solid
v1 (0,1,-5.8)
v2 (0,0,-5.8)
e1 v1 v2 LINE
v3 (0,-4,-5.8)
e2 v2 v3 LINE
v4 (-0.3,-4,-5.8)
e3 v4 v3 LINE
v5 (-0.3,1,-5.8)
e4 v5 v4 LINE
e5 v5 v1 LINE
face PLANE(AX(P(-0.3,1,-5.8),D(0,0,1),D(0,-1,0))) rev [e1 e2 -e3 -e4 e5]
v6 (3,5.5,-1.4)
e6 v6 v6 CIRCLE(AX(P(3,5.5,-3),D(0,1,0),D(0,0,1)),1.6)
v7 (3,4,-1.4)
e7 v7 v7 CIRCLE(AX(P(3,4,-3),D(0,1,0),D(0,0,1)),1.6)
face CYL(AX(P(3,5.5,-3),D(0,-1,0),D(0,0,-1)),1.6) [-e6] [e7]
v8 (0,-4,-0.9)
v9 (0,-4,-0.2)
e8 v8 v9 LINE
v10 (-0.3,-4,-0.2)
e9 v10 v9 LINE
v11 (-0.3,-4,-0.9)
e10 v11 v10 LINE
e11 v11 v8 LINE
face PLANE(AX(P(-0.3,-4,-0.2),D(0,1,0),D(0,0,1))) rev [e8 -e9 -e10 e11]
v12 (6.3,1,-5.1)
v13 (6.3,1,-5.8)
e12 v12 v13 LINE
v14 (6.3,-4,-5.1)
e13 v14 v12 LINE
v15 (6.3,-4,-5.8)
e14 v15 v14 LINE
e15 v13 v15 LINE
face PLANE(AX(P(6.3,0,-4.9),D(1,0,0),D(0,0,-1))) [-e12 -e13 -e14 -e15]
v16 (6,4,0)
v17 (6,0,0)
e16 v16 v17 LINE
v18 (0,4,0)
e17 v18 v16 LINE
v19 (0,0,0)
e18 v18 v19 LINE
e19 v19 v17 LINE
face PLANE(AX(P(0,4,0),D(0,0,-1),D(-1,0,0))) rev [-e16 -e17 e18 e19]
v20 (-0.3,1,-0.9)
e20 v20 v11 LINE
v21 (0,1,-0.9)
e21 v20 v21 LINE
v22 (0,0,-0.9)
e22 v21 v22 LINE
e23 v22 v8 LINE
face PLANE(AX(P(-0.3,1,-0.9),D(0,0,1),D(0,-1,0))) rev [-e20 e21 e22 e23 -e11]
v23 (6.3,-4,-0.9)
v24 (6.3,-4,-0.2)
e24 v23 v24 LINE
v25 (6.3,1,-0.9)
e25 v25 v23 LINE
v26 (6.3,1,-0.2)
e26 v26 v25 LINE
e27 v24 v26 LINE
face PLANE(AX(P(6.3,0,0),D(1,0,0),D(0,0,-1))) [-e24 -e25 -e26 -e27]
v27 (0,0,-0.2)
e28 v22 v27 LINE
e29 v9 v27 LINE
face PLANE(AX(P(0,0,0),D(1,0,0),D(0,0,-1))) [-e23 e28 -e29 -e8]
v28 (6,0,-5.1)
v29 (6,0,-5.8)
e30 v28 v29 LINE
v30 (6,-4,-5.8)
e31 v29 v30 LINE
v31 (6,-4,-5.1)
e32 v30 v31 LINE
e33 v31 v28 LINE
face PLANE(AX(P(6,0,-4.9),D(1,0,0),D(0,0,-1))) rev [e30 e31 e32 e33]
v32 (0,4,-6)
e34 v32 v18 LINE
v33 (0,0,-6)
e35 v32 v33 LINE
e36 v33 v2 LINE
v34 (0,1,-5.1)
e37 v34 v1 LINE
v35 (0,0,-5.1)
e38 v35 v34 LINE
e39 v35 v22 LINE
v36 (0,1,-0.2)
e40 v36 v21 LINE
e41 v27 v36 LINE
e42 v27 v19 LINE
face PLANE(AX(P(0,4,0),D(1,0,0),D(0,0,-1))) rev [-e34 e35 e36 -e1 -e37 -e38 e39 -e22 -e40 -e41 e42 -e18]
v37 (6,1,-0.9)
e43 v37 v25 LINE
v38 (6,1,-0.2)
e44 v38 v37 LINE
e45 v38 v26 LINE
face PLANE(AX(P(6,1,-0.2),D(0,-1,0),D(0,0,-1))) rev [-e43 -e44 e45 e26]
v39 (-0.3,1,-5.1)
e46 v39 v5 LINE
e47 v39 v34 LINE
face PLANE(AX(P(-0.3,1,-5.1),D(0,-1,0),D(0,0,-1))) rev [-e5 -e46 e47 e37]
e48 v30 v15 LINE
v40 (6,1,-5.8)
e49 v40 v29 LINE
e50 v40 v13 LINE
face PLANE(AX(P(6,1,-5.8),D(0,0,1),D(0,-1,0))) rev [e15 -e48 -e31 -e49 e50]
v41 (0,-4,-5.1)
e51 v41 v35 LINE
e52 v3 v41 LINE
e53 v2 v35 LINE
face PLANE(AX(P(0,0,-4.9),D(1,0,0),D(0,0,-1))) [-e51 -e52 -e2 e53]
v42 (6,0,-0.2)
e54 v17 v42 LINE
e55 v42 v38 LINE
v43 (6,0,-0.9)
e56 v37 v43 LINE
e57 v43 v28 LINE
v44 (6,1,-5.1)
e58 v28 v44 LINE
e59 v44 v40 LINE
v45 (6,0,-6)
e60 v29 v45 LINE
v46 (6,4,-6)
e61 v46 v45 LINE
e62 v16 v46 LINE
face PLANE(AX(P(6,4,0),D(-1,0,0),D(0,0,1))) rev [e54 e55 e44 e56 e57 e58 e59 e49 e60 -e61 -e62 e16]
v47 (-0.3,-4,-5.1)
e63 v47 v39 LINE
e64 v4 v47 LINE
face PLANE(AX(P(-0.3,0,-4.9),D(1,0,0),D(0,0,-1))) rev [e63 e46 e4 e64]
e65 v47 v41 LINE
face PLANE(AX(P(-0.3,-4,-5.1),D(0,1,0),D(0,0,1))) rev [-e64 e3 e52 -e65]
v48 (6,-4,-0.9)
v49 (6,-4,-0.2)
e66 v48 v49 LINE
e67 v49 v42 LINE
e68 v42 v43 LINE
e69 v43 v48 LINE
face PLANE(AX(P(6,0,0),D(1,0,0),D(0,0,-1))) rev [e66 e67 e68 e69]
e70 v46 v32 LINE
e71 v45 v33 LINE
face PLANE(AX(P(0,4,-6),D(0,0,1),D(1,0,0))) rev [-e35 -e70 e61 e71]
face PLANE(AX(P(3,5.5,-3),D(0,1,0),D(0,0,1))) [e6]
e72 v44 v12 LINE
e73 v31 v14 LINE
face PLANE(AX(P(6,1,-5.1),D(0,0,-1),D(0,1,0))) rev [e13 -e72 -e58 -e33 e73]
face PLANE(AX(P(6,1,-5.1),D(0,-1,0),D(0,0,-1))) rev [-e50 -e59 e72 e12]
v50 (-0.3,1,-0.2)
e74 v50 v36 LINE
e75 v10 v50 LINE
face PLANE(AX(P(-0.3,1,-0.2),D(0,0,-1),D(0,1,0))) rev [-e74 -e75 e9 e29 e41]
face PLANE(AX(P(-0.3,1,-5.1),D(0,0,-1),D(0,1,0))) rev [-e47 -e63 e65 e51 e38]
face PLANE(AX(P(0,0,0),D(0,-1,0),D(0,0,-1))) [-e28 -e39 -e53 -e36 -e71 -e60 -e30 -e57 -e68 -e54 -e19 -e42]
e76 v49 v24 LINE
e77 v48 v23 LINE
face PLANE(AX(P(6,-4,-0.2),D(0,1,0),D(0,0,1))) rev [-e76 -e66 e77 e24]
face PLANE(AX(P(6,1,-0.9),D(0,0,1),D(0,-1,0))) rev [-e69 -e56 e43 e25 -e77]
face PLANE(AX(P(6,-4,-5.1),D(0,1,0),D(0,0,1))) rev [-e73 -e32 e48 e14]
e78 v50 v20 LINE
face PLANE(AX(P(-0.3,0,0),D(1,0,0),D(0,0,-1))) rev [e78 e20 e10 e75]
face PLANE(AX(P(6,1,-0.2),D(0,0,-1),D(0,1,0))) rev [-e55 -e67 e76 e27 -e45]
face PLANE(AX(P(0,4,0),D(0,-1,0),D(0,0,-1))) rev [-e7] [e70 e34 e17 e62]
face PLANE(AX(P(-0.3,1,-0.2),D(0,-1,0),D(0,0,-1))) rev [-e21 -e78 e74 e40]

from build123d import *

# Parameters (mm, degrees)
SKETCH1_W                 = 6
SKETCH1_H                 = 6
BOSS_EXTRUDE1_DEPTH       = 4
SKETCH2_R                 = 1.6
BOSS_EXTRUDE2_DEPTH       = 1.5
SKETCH3_W                 = 0.7
SKETCH3_H                 = 5
BOSS_EXTRUDE3_DEPTH       = 0.3
LPATTERN2_COUNT           = 2
LPATTERN2_PITCH           = 6.3
LPATTERN3_COUNT           = 2
LPATTERN3_PITCH           = 4.9
LPATTERN3_COPY_1_SKETCH_W = 0.7
LPATTERN3_COPY_1_SKETCH_H = 5
LPATTERN3_COPY_1_DEPTH    = 0.3


with BuildPart() as part:
    # Sketch1 → Boss-Extrude1 (new body)
    with BuildSketch(Plane(origin=(0, 0, 0), x_dir=(1, 0, 0), z_dir=(0, 1, 0))):
        with Locations((3, 3)):
            Rectangle(SKETCH1_W, SKETCH1_H)
    extrude(amount=BOSS_EXTRUDE1_DEPTH)

    # Sketch2 → Boss-Extrude2 (add)
    with BuildSketch(Plane(origin=(0, 4, 0), x_dir=(1, 0, 0), z_dir=(0, 1, 0))):
        with Locations(Location((3, 3, 0), (0, 0, 270))):
            Circle(SKETCH2_R)
    extrude(amount=BOSS_EXTRUDE2_DEPTH)

    # Sketch3 → Boss-Extrude3 (add)
    with BuildSketch(Plane.ZY):
        with Locations((-0.55, -1.5)):
            Rectangle(SKETCH3_W, SKETCH3_H)
    boss_extrude3 = extrude(amount=BOSS_EXTRUDE3_DEPTH)

    # LPattern2: Boss-Extrude3 ×2
    with Locations(*[(i * LPATTERN2_PITCH, 0, 0) for i in range(1, LPATTERN2_COUNT)]):
        add(boss_extrude3)

    # LPattern3: Boss-Extrude3 ×2
    with Locations(*[(0, 0, -i * LPATTERN3_PITCH) for i in range(1, LPATTERN3_COUNT)]):
        add(boss_extrude3)

    # LPattern3 copy 1 sketch → LPattern3 copy 1 (add)
    with BuildSketch(Plane(origin=(6.3, 0, -4.9), x_dir=(0, 0, 1), z_dir=(-1, 0, 0))):
        with Locations((-0.55, -1.5)):
            Rectangle(LPATTERN3_COPY_1_SKETCH_W, LPATTERN3_COPY_1_SKETCH_H)
    extrude(amount=LPATTERN3_COPY_1_DEPTH)


solid = part.part
